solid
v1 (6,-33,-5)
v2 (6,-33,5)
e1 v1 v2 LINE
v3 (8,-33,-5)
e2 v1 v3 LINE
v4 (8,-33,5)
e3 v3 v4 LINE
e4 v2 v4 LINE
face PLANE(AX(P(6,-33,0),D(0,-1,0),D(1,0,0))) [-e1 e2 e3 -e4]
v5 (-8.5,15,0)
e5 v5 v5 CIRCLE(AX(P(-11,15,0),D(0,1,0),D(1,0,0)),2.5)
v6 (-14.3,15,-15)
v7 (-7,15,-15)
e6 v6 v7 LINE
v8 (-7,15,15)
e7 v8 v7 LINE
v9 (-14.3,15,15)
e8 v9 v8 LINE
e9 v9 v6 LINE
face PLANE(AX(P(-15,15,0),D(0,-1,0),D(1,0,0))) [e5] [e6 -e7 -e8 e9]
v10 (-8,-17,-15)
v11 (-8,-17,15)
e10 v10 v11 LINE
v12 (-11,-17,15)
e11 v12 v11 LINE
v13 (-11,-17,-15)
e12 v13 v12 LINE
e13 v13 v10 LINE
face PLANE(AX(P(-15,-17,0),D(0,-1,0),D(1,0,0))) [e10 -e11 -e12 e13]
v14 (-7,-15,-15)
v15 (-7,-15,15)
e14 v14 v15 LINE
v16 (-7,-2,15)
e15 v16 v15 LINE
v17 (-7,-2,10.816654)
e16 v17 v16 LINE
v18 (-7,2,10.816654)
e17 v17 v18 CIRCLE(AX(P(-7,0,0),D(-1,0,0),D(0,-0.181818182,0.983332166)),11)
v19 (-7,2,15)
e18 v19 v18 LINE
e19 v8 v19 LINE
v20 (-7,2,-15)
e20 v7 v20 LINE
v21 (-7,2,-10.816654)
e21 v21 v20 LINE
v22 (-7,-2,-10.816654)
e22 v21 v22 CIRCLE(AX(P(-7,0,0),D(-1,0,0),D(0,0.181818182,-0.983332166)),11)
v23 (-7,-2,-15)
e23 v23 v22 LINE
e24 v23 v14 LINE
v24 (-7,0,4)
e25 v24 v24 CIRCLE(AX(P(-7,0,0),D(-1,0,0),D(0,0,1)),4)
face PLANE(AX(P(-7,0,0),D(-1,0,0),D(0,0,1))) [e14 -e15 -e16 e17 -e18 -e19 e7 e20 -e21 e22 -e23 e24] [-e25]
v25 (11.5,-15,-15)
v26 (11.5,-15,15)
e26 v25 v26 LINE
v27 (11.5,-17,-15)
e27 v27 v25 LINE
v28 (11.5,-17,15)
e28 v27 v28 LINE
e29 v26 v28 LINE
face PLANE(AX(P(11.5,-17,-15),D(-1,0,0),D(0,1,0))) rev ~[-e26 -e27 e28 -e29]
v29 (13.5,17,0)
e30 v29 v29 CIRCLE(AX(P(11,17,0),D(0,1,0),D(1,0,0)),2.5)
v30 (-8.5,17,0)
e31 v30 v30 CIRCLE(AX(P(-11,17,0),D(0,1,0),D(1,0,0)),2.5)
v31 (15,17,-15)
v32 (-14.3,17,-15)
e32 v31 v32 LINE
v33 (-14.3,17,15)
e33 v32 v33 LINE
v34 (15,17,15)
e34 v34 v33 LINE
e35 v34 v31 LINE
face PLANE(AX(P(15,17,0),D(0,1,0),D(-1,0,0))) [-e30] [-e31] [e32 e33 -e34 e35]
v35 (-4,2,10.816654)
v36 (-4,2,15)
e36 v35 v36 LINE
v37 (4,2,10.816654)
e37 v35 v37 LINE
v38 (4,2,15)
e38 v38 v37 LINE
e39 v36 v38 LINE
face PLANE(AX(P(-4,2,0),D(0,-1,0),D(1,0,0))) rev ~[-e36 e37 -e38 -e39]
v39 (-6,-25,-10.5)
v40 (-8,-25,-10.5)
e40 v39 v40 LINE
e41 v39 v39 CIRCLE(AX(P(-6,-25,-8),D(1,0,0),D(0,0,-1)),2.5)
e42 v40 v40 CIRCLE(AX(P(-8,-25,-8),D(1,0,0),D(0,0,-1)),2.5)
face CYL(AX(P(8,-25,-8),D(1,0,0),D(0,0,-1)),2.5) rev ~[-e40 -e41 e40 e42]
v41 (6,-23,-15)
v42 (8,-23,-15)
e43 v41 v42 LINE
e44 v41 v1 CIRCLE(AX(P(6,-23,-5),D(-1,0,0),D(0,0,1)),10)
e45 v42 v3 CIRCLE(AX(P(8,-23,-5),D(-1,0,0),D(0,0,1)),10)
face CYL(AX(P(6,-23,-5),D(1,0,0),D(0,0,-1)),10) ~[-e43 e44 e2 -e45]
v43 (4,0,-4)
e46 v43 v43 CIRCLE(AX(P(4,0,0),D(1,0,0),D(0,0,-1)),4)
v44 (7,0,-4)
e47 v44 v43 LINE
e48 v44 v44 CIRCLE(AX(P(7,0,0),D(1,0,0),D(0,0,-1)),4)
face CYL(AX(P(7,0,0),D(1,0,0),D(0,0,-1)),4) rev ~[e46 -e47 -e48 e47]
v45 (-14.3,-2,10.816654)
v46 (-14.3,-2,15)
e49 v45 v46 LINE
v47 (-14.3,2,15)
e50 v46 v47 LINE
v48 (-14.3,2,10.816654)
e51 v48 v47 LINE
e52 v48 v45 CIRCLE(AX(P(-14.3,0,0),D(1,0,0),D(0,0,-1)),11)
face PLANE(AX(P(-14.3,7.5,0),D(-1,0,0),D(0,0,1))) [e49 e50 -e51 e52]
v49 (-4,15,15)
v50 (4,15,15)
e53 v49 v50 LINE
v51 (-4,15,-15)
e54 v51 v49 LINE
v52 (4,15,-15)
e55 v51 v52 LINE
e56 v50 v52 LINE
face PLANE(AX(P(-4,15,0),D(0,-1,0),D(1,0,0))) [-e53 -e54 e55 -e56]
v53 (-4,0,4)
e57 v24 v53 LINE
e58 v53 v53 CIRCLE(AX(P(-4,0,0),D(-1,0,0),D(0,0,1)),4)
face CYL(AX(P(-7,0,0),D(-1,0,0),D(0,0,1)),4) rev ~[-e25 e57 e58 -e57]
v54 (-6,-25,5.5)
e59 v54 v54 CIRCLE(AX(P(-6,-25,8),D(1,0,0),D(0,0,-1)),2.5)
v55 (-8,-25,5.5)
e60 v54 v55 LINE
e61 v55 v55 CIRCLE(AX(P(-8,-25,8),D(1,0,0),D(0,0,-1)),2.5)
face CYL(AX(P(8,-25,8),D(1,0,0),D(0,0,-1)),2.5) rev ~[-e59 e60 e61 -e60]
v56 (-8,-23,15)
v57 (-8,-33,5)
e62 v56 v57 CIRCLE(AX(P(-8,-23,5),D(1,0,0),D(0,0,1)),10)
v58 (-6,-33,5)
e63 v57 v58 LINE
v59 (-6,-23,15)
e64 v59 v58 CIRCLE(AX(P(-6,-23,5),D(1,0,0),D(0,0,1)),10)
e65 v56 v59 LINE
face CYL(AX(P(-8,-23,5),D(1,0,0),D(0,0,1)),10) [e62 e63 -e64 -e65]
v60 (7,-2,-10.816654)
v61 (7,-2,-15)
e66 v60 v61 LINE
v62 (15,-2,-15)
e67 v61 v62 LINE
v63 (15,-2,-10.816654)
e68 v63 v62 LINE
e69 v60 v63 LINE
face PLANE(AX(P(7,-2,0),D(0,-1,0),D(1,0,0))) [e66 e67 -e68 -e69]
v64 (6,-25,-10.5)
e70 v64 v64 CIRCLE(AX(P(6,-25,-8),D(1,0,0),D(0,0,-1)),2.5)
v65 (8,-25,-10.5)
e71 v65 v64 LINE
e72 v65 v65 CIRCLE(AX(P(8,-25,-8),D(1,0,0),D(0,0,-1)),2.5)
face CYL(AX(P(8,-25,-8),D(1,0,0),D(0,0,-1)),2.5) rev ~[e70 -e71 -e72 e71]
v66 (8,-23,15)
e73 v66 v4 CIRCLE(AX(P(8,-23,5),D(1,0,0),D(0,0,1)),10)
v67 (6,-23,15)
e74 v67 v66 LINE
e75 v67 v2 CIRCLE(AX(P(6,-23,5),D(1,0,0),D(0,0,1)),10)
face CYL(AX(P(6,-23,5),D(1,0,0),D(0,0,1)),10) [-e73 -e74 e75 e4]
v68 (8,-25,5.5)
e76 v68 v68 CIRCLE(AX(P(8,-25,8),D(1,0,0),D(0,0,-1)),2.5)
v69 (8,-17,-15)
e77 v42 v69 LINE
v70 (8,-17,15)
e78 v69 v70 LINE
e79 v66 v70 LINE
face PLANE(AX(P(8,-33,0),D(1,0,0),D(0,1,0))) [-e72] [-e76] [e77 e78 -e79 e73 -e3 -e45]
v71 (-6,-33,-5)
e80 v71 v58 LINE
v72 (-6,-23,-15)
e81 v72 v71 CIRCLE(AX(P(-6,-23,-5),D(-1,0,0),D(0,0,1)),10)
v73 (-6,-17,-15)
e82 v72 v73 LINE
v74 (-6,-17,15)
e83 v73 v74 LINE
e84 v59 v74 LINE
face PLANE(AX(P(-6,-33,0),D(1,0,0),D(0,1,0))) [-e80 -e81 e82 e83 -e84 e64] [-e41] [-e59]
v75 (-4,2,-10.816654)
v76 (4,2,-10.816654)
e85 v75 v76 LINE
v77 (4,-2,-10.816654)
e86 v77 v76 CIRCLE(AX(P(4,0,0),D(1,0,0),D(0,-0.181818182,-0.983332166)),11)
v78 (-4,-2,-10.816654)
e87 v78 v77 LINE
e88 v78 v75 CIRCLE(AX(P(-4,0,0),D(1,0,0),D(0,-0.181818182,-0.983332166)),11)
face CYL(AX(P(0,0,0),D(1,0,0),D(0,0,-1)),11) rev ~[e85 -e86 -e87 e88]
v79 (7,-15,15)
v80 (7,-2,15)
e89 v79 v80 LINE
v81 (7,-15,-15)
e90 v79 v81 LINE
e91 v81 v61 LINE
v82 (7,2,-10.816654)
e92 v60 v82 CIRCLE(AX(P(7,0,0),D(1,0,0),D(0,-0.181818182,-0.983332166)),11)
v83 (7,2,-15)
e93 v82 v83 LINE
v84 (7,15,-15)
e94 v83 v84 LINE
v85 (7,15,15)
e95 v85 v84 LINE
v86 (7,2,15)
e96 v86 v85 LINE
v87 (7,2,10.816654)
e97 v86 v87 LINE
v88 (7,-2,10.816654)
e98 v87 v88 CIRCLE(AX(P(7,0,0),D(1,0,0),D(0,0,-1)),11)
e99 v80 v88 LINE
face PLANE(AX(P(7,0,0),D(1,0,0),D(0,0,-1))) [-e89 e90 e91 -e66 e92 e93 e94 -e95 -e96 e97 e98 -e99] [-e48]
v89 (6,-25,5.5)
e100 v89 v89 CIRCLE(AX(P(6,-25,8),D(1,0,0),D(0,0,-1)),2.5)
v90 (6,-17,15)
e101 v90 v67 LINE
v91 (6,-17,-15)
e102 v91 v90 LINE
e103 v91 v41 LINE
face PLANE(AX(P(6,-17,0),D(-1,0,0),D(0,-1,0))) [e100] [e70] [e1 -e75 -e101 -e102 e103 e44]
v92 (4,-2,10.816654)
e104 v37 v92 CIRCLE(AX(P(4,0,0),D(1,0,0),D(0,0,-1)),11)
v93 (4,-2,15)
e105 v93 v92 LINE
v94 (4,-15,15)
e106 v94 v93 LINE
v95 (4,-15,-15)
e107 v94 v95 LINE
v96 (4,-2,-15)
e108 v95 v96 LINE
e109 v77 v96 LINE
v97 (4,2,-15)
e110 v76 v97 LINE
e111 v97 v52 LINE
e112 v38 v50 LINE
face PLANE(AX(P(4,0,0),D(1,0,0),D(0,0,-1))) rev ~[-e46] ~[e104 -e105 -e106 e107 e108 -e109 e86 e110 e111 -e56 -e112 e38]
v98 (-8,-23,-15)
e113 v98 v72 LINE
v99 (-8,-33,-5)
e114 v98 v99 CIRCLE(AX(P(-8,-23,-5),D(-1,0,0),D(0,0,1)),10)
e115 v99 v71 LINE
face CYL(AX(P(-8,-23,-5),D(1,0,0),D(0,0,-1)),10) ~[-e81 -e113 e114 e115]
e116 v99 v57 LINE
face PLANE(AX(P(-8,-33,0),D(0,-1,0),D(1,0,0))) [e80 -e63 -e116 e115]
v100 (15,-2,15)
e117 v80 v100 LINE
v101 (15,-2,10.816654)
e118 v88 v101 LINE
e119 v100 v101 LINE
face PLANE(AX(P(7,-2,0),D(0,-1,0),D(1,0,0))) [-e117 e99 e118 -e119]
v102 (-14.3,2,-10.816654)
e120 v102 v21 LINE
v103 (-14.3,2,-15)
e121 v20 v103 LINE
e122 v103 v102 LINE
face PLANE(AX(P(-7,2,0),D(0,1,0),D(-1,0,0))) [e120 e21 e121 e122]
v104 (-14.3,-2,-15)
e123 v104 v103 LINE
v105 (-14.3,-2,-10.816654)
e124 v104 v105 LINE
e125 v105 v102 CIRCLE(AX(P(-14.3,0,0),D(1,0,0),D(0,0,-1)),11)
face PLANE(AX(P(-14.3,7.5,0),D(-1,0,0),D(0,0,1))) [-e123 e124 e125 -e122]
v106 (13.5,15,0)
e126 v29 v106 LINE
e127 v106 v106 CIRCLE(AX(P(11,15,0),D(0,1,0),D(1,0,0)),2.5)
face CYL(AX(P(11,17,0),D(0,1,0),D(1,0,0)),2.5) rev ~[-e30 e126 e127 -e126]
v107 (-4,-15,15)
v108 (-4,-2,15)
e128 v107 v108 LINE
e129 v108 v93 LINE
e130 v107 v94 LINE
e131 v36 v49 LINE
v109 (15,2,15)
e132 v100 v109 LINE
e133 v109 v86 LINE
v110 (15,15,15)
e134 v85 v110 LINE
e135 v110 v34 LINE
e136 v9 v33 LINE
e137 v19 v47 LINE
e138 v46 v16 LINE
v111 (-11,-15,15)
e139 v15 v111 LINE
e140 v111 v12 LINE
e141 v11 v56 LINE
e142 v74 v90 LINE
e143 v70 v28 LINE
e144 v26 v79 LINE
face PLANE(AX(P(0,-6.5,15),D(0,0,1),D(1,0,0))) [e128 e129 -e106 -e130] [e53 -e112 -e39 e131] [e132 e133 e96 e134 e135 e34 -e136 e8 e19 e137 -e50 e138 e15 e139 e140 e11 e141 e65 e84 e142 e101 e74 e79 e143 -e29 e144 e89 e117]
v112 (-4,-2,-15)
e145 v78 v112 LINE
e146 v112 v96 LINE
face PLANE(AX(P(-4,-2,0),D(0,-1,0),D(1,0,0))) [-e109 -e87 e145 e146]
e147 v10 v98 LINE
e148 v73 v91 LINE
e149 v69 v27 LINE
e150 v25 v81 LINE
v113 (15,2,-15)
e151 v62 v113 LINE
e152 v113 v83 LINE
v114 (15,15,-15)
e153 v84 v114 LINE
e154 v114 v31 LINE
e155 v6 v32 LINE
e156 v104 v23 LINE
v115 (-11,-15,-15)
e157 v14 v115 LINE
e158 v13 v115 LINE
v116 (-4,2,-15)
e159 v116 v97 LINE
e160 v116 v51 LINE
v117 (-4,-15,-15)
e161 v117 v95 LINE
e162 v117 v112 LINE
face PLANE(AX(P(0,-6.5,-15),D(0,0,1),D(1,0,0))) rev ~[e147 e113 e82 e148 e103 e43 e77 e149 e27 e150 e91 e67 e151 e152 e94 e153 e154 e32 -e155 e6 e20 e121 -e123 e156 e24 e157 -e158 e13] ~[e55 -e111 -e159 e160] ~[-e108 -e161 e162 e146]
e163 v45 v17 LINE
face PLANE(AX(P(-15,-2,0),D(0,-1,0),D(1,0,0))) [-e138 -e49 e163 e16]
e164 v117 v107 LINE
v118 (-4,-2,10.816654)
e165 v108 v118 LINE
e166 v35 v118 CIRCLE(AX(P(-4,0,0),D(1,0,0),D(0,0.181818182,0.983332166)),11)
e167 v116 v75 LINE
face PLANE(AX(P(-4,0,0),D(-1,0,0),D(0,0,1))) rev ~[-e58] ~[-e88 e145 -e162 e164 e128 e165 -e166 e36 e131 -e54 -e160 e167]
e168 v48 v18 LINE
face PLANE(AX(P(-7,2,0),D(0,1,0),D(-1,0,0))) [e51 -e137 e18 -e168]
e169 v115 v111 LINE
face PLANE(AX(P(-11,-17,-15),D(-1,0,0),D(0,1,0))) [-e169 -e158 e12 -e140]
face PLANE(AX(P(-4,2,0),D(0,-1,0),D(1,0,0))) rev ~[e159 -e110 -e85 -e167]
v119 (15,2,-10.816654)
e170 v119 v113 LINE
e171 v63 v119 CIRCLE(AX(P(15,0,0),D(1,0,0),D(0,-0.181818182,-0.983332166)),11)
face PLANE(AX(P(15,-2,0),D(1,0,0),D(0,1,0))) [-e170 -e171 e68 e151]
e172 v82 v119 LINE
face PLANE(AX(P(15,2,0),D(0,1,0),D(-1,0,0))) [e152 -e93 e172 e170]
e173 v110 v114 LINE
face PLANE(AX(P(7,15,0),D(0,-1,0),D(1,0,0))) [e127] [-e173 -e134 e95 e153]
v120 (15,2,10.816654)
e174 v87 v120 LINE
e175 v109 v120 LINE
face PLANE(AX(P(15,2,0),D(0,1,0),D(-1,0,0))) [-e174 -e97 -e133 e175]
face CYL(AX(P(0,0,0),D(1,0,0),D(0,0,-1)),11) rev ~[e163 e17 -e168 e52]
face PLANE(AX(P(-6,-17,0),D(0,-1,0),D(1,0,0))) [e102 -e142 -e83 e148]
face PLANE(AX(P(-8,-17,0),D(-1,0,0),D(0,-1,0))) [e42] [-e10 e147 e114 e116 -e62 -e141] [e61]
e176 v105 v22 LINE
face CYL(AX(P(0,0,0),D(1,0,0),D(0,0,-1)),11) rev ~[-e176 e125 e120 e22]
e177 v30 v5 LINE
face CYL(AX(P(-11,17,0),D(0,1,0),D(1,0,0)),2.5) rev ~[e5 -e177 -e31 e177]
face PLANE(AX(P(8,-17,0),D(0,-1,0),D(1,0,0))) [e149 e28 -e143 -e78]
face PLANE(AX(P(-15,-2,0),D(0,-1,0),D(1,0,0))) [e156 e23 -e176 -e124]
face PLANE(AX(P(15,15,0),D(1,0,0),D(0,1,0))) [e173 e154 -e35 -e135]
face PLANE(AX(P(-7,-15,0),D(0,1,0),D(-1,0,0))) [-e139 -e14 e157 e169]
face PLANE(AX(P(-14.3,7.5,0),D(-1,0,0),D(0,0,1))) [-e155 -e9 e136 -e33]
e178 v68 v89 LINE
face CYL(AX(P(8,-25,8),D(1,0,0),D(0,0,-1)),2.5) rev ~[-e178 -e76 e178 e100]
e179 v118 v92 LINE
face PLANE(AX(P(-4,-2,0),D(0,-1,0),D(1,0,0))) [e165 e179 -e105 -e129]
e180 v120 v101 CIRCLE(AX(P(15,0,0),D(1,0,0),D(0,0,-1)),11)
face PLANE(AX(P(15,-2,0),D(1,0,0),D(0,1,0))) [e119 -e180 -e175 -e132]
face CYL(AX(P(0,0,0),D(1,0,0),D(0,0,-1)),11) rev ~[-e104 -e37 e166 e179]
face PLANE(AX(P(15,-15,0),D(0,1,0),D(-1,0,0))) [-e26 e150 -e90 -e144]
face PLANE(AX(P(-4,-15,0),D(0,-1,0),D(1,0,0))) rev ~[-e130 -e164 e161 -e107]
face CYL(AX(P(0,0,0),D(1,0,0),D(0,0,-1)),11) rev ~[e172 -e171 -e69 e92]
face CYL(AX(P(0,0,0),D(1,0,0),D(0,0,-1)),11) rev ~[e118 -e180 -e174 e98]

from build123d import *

# Parameters (mm, degrees)
CROQUIS1_W              = 8
CROQUIS1_H              = 13
SALIENTE_EXTRUIR1_DEPTH = 15
CROQUIS3_R              = 11
CORTAR_EXTRUIR1_DEPTH   = 15
CROQUIS4_R              = 2.5
CORTAR_EXTRUIR2_DEPTH   = 30
REDONDEO1_R             = 10
CROQUIS5_R              = 2.5
CORTAR_EXTRUIR3_DEPTH   = 2
SKETCH2_R               = 11
SKETCH2_R_2             = 4
BOSS_EXTRUDE1_DEPTH     = 3
SKETCH3_R               = 11
SKETCH3_R_2             = 4
BOSS_EXTRUDE2_DEPTH     = 3
SKETCH4_W               = 3.5
SKETCH4_H               = 2
SKETCH4_W_2             = 4
CUT_EXTRUDE1_DEPTH      = 31
SKETCH5_W               = 30
SKETCH5_H               = 19
CUT_EXTRUDE2_DEPTH      = 0.7


with BuildPart() as part:
    # Croquis1 → Saliente-Extruir1 (new body, symmetric)
    with BuildSketch(Plane.XY):
        Polygon((-15, -2), (-7, -2), (-7, -15), (-15, -15), (-15, -17), (-8, -17), (-8, -33), (-6, -33), (-6, -17), (6, -17), (6, -33), (8, -33), (8, -17), (15, -17), (15, -15), (7, -15), (7, -2), (15, -2), (15, 2), (7, 2), (7, 15), (15, 15), (15, 17), (-15, 17), (-15, 15), (-7, 15), (-7, 2), (-15, 2), align=None)
        with Locations((0, 8.5)):
            Rectangle(CROQUIS1_W, CROQUIS1_H, mode=Mode.SUBTRACT)
        with Locations((0, -8.5)):
            Rectangle(CROQUIS1_W, CROQUIS1_H, mode=Mode.SUBTRACT)
    extrude(amount=SALIENTE_EXTRUIR1_DEPTH, both=True)

    # Croquis3 → Cortar-Extruir1 (cut, symmetric)
    with BuildSketch(Plane(origin=(0, 0, 0), x_dir=(0, 0, -1), z_dir=(1, 0, 0))):
        Circle(CROQUIS3_R)
    extrude(amount=CORTAR_EXTRUIR1_DEPTH, both=True, mode=Mode.SUBTRACT)

    # Croquis4 → Cortar-Extruir2 (cut)
    with BuildSketch(Plane(origin=(8, 0, 0), x_dir=(0, 0, -1), z_dir=(1, 0, 0))):
        with Locations((-8, -25)):
            Circle(CROQUIS4_R)
        with Locations((8, -25)):
            Circle(CROQUIS4_R)
    extrude(amount=-CORTAR_EXTRUIR2_DEPTH, mode=Mode.SUBTRACT)

    # Redondeo1
    redondeo1_edges = [part.edges().sort_by_distance(p)[0] for p in [
        (7, -33, -15),
        (-7, -33, -15),
        (-7, -33, 15),
        (7, -33, 15),
    ]]
    fillet(redondeo1_edges, radius=REDONDEO1_R)

    # Croquis5 → Cortar-Extruir3 (cut)
    with BuildSketch(Plane(origin=(0, 17, 0), x_dir=(1, 0, 0), z_dir=(0, 1, 0))):
        with Locations((-11, 0)):
            Circle(CROQUIS5_R)
        with Locations((11, 0)):
            Circle(CROQUIS5_R)
    extrude(amount=-CORTAR_EXTRUIR3_DEPTH, mode=Mode.SUBTRACT)

    # Sketch2 → Boss-Extrude1 (add)
    with BuildSketch(Plane(origin=(7, 0, 0), x_dir=(0, 0, -1), z_dir=(1, 0, 0))):
        Circle(SKETCH2_R)
        Circle(SKETCH2_R_2, mode=Mode.SUBTRACT)
    extrude(amount=-BOSS_EXTRUDE1_DEPTH)

    # Sketch3 → Boss-Extrude2 (add)
    with BuildSketch(Plane.ZY.offset(7)):
        Circle(SKETCH3_R)
        Circle(SKETCH3_R_2, mode=Mode.SUBTRACT)
    extrude(amount=-BOSS_EXTRUDE2_DEPTH)

    # Sketch4 → Cut-Extrude1 (cut, through all)
    with BuildSketch(Plane(origin=(0, 0, -15), x_dir=(-1, 0, 0), z_dir=(0, 0, -1))):
        with Locations((-13.25, -16)):
            Rectangle(SKETCH4_W, SKETCH4_H)
        with Locations((13, -16)):
            Rectangle(SKETCH4_W_2, SKETCH4_H)
    extrude(amount=-CUT_EXTRUDE1_DEPTH, mode=Mode.SUBTRACT)

    # Sketch5 → Cut-Extrude2 (cut)
    with BuildSketch(Plane.ZY.offset(15)):
        with Locations((0, 7.5)):
            Rectangle(SKETCH5_W, SKETCH5_H)
    extrude(amount=-CUT_EXTRUDE2_DEPTH, mode=Mode.SUBTRACT)


solid = part.part
